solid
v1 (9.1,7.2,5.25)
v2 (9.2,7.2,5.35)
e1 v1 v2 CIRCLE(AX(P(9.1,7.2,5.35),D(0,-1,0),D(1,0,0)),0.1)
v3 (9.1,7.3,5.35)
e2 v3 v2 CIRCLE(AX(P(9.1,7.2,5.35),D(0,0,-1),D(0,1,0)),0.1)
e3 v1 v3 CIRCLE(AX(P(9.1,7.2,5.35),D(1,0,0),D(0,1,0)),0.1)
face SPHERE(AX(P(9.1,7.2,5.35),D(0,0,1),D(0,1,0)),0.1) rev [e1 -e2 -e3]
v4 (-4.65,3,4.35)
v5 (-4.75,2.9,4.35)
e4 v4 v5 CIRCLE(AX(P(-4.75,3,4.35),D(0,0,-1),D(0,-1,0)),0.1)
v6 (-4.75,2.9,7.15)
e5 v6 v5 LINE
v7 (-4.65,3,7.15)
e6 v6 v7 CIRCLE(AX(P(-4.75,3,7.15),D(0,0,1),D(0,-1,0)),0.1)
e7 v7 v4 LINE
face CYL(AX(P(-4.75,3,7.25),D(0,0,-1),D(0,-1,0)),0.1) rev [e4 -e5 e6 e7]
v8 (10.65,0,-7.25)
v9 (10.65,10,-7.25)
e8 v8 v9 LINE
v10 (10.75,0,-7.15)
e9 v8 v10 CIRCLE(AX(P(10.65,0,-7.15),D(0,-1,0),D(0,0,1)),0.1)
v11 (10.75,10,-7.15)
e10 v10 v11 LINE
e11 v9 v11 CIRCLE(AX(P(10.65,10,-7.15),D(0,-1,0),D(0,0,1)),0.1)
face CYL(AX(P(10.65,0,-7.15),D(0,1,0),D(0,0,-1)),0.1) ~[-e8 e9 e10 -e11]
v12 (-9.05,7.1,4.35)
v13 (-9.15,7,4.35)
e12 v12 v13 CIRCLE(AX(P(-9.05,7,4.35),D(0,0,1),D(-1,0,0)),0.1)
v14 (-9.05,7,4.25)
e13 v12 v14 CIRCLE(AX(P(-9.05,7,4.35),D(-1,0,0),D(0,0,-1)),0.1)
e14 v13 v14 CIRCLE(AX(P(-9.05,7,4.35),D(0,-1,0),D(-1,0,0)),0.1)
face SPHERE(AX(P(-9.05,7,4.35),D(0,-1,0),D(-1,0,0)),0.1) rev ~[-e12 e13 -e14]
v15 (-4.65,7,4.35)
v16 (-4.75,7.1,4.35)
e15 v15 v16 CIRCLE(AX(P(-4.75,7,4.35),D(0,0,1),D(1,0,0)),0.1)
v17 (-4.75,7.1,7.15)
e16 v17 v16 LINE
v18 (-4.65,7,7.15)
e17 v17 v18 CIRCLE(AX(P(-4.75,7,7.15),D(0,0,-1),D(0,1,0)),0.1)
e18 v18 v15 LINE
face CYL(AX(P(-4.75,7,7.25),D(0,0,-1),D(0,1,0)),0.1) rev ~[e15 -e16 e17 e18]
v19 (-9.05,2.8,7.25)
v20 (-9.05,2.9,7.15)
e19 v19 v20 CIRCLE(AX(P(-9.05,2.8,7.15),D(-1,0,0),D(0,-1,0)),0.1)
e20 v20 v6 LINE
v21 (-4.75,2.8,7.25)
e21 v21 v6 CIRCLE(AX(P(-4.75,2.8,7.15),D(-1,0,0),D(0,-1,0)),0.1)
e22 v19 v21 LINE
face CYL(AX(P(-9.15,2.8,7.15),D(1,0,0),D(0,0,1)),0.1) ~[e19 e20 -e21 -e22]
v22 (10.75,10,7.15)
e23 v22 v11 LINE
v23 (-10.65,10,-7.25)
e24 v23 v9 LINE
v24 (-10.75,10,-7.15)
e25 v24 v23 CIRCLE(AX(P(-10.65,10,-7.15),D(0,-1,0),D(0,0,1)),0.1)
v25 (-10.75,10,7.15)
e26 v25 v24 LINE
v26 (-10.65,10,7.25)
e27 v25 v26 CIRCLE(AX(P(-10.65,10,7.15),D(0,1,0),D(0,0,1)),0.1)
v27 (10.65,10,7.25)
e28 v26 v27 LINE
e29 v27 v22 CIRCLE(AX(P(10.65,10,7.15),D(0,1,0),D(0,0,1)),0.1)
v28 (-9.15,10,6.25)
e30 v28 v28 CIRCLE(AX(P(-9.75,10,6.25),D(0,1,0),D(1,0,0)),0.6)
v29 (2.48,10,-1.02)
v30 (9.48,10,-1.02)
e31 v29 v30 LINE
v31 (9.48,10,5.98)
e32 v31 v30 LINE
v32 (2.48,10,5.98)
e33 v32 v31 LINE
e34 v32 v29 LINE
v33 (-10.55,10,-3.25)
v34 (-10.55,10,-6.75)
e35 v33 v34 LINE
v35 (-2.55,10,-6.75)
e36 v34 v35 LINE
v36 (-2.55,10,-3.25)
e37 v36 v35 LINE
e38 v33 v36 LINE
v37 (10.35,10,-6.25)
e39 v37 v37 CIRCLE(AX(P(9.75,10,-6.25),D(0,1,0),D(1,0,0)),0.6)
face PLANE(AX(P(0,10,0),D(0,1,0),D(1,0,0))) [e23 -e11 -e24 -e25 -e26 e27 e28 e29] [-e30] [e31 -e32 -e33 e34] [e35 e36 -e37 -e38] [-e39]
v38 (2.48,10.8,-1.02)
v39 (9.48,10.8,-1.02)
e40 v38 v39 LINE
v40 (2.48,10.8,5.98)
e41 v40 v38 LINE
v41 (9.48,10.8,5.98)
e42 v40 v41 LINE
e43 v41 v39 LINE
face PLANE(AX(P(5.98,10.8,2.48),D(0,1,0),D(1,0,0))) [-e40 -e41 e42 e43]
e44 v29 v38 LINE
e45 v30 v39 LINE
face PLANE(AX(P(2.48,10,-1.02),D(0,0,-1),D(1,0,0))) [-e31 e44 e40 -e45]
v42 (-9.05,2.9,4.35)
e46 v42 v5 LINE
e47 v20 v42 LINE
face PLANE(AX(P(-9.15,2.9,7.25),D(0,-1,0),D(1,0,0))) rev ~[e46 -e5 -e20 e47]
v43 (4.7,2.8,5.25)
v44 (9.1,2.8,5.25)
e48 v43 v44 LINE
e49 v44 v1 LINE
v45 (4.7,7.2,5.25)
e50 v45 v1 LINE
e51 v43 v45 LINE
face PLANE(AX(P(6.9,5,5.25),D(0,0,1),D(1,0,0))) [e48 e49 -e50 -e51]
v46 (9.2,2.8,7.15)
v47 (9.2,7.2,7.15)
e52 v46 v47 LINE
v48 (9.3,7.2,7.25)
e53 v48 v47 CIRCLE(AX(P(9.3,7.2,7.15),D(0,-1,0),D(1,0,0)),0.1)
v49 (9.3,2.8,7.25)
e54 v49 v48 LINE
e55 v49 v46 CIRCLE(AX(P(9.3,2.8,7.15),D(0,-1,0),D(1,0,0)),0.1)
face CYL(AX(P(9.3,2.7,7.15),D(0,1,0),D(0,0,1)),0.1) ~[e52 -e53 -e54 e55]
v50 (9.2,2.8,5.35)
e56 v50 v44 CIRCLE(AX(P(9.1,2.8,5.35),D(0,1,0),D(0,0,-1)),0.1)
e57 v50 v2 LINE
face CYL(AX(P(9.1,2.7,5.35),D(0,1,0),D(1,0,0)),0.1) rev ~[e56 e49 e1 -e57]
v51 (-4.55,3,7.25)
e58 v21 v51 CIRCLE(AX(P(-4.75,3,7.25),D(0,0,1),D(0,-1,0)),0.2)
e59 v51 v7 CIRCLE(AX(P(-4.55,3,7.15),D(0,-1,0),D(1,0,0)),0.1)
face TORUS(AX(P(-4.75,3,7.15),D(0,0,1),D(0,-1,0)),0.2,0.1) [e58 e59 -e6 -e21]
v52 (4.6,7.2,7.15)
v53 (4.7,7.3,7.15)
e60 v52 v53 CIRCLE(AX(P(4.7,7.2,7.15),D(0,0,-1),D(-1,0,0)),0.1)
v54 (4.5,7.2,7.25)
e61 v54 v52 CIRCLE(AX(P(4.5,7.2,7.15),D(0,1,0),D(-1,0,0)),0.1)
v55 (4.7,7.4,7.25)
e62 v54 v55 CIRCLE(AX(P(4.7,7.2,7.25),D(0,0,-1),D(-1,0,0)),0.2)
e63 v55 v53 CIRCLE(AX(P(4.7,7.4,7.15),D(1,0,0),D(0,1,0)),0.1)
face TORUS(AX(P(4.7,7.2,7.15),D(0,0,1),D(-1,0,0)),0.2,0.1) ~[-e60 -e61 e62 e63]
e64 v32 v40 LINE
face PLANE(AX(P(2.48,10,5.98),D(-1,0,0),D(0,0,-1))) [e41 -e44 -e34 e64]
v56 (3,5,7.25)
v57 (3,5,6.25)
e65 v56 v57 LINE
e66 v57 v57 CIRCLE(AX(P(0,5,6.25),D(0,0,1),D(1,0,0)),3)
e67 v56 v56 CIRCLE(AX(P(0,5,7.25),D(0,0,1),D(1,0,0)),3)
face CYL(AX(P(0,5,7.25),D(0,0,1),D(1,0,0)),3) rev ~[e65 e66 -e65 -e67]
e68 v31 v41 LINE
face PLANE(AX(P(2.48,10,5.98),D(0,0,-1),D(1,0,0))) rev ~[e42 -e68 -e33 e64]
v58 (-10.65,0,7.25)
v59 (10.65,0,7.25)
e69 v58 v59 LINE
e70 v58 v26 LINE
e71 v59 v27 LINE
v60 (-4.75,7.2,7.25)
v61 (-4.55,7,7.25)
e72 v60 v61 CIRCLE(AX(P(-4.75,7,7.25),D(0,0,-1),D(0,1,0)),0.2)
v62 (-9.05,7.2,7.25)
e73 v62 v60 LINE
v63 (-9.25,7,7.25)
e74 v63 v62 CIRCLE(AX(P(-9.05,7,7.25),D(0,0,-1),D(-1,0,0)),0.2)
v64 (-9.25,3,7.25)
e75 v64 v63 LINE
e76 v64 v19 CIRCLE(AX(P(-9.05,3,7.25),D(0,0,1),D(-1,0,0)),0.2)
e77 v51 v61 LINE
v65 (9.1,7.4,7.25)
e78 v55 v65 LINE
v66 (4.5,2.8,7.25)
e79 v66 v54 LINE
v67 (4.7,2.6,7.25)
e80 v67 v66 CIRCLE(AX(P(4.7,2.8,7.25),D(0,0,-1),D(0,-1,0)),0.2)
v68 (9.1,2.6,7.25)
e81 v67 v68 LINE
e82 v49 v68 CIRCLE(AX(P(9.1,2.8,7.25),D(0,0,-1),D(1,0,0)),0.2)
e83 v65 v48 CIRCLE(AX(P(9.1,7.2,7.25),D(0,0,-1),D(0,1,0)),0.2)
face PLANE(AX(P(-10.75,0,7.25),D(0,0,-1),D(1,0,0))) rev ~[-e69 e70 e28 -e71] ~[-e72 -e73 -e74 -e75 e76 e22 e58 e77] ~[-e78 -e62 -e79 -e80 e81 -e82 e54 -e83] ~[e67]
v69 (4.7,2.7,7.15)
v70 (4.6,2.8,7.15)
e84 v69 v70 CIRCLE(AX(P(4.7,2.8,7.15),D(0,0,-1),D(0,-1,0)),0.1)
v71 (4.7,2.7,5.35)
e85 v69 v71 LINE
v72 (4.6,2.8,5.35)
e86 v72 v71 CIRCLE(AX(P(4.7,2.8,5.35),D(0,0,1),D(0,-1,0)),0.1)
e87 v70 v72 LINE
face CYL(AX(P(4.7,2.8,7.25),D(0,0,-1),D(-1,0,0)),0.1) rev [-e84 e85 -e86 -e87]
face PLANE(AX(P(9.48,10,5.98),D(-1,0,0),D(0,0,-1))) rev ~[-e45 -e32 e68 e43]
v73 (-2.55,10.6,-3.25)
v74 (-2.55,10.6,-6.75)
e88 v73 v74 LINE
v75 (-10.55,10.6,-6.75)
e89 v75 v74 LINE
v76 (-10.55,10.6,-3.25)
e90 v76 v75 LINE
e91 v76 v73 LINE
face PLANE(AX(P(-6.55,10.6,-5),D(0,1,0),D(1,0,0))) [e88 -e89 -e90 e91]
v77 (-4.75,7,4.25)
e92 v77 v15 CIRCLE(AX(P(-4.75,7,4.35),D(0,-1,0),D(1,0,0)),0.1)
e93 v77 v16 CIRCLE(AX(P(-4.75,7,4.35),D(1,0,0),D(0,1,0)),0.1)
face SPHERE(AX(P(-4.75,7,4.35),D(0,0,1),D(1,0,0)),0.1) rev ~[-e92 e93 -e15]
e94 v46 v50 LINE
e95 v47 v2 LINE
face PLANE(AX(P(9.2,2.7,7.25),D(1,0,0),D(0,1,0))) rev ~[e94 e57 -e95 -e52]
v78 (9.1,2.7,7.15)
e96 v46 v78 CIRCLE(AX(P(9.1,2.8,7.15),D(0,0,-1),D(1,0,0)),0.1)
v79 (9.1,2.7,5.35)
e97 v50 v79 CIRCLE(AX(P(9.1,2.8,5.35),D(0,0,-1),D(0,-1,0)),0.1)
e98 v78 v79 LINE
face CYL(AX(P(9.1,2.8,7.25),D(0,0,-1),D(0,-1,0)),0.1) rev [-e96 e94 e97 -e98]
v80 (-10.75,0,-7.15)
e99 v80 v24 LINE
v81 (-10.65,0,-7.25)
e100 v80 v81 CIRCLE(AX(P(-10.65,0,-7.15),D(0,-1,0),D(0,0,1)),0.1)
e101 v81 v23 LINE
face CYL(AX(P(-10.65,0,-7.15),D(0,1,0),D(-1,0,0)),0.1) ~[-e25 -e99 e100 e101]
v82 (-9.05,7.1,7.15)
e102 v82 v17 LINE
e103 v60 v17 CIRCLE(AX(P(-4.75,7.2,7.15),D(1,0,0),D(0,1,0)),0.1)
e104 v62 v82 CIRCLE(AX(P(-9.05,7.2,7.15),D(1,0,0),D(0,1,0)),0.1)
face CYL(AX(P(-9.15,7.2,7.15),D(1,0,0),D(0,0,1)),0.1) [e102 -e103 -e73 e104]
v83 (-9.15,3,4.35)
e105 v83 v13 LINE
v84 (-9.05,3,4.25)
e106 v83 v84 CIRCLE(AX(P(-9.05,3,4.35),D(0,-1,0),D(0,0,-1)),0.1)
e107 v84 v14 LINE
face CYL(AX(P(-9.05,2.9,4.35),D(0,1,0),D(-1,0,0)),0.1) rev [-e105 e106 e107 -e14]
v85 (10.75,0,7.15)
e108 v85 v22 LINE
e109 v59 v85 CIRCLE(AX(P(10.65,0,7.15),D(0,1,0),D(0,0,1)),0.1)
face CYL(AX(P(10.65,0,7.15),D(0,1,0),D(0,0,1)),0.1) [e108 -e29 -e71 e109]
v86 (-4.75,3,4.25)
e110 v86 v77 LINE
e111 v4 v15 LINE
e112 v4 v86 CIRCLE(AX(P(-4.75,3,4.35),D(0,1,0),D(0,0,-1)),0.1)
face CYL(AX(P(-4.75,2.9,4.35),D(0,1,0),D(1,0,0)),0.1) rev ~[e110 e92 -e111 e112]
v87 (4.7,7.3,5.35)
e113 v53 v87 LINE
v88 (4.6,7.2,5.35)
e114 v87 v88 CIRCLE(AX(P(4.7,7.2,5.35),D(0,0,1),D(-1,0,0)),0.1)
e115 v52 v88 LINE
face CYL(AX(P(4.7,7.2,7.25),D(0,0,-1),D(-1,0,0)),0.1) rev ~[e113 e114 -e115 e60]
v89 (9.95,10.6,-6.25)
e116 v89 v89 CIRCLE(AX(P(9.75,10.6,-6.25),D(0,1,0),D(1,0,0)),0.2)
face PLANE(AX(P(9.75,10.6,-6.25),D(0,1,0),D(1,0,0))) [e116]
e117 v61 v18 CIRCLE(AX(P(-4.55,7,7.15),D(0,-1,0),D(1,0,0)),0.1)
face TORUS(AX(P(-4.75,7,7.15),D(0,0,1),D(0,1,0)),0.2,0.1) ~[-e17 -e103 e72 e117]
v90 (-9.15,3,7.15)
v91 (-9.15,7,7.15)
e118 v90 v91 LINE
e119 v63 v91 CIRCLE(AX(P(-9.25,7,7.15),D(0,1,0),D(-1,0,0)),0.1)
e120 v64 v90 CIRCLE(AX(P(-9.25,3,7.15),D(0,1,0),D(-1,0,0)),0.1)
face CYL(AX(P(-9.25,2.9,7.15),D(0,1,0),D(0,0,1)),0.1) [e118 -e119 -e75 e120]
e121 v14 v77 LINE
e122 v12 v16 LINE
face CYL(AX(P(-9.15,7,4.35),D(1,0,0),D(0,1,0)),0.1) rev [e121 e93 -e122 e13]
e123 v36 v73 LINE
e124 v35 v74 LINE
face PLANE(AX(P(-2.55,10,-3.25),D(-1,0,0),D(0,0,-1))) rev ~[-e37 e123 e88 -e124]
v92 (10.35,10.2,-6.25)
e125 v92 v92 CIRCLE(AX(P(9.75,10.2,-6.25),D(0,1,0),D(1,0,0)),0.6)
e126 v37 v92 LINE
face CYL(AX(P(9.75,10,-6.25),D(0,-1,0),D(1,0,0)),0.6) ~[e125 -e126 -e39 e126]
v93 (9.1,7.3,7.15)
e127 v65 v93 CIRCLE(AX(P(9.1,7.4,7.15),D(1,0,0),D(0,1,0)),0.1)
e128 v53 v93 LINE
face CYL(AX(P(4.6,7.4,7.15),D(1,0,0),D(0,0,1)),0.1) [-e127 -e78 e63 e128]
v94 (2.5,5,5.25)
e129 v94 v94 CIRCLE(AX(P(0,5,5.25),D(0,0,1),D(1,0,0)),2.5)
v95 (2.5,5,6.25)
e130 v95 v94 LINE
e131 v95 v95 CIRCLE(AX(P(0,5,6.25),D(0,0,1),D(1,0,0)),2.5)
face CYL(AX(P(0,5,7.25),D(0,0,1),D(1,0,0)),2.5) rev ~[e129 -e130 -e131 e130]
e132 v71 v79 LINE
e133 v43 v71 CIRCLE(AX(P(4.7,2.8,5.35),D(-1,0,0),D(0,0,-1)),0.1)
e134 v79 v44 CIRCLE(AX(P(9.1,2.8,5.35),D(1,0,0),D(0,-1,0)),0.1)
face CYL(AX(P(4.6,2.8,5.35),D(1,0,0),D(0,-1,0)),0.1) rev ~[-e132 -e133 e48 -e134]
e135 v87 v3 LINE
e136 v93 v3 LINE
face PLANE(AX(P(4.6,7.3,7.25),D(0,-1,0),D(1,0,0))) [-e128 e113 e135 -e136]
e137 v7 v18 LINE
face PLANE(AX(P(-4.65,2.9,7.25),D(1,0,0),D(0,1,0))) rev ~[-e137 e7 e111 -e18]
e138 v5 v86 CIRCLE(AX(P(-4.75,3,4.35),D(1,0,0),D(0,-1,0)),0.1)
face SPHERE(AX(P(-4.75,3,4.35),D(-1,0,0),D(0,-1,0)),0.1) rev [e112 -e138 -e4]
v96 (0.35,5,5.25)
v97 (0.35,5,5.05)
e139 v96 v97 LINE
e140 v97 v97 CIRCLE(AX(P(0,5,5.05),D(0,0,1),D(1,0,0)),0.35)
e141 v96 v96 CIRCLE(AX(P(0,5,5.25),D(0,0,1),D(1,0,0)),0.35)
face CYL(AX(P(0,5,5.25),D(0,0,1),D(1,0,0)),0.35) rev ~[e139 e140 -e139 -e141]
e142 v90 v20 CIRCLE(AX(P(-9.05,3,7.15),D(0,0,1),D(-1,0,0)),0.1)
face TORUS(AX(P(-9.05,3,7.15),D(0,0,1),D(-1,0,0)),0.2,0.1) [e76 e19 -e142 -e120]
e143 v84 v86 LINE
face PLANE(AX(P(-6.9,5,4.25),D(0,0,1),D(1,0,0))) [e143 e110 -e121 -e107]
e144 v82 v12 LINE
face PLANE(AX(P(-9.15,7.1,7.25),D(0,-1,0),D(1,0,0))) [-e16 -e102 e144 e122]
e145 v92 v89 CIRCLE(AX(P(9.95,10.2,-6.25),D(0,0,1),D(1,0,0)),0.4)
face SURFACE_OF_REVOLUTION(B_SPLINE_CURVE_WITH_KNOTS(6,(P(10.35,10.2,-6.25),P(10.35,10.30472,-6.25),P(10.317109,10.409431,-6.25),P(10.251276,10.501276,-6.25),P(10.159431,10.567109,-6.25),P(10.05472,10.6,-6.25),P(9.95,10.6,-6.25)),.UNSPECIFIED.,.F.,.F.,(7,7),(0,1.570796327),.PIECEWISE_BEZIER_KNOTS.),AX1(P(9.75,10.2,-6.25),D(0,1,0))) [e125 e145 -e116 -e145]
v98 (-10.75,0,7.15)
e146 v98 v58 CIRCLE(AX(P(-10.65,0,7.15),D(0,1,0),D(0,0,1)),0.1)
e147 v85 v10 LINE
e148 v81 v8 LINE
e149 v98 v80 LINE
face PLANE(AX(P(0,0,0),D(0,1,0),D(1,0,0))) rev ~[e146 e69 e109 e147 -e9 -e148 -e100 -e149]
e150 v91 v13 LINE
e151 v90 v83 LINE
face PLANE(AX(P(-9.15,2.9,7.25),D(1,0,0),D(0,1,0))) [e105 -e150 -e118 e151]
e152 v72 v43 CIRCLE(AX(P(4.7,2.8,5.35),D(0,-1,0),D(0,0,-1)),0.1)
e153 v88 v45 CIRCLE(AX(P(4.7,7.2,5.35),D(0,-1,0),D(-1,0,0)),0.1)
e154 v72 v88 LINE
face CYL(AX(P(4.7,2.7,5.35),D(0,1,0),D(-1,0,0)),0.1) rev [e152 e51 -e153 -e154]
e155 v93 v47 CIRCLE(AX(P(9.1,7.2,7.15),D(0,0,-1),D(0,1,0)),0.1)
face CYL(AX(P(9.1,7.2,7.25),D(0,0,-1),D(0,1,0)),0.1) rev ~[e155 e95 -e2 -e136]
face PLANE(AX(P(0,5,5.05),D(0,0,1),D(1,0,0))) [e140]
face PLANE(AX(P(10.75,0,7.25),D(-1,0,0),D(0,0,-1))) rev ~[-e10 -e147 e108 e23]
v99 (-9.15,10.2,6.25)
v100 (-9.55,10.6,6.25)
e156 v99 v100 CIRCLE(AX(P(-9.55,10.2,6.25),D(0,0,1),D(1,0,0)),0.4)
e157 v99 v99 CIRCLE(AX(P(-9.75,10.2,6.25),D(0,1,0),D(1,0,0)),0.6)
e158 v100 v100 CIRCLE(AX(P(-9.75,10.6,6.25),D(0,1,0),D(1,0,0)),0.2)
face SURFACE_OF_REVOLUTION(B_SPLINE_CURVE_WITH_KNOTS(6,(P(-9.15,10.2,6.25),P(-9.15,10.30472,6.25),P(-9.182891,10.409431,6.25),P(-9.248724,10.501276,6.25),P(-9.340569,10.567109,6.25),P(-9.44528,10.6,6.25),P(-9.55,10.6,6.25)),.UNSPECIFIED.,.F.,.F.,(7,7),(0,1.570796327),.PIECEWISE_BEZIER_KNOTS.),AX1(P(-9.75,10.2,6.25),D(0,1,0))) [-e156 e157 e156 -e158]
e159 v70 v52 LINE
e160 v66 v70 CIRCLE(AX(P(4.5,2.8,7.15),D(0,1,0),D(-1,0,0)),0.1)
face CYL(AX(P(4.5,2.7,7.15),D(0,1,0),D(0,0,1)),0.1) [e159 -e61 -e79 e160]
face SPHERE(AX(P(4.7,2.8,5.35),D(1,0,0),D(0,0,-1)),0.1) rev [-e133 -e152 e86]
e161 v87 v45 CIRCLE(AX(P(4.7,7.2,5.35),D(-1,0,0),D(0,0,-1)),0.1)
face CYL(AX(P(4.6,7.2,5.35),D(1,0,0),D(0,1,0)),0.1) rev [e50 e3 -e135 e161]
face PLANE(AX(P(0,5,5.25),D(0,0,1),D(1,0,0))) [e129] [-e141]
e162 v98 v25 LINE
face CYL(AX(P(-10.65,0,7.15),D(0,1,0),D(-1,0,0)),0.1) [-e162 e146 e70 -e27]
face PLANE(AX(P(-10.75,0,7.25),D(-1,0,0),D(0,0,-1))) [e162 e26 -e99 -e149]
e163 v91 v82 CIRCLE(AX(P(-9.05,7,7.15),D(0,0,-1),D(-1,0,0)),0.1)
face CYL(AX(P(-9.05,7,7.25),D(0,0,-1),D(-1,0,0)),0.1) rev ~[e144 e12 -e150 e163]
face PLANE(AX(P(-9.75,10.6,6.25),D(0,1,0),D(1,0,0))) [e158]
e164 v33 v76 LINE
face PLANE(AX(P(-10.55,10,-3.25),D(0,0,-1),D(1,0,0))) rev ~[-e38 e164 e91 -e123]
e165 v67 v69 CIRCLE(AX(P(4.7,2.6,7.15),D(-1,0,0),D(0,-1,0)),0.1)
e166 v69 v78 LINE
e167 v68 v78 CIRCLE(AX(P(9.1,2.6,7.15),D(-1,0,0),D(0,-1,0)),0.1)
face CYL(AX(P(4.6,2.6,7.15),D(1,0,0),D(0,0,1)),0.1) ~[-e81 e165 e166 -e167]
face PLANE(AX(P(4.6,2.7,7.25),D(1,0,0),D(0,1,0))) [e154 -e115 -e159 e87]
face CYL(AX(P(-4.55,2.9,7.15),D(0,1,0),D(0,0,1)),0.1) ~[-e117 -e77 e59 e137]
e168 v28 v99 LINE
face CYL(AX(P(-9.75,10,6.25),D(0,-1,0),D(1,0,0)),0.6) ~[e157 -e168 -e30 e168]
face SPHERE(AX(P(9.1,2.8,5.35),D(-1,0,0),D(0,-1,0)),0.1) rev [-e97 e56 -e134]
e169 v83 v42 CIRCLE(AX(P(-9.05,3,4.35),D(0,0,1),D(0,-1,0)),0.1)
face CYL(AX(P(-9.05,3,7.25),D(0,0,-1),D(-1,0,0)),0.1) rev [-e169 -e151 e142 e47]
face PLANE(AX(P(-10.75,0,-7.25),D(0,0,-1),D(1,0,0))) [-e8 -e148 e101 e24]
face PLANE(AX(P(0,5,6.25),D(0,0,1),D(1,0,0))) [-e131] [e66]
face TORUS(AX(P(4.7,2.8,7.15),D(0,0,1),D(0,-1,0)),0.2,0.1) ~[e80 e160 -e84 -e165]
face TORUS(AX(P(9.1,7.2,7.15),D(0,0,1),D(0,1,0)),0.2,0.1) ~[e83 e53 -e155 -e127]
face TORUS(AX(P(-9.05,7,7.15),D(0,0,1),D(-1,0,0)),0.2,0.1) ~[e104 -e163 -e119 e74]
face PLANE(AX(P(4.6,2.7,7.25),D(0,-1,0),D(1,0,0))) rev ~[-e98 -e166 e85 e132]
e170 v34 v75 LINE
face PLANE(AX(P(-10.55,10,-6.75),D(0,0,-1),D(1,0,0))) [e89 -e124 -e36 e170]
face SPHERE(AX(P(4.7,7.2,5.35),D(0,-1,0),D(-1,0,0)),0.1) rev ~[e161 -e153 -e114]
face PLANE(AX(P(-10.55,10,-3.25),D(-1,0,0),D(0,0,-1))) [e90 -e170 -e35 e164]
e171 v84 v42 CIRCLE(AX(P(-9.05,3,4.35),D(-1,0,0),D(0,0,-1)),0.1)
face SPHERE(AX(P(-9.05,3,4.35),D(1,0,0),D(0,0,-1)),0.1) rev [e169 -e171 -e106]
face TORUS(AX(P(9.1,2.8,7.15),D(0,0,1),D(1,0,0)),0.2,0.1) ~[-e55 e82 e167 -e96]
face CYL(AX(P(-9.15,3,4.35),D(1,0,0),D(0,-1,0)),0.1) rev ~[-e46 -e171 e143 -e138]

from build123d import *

# Parameters (mm, degrees)
SKETCH_1_W          = 21.5
SKETCH_1_H          = 14.5
EXTRUDE_1_DEPTH     = 10
SKETCH_2_W          = 4.5
SKETCH_2_H          = 4.2
CUT_EXTRUDE_1_DEPTH = 3
SKETCH_2_3_R        = 2.5
SKETCH_2_3_W        = 4.6
SKETCH_2_3_H        = 4.6
CUT_EXTRUDE_2_DEPTH = 2
SKETCH_2_4_R        = 3
SKETCH_2_4_R_2      = 2.5
CUT_EXTRUDE_3_DEPTH = 1
SKETCH_3_W          = 7
SKETCH_3_H          = 7
EXTRUDE_2_DEPTH     = 0.8
SKETCH_4_R          = 0.6
SKETCH_4_W          = 8
SKETCH_4_H          = 3.5
EXTRUDE_3_DEPTH     = 0.6
FILLET_1_R          = 0.4
SKETCH_5_R          = 0.35
CUT_EXTRUDE_4_DEPTH = 0.2
FILLET_2_R          = 0.1


with BuildPart() as part:
    # 草图1 → 凸台-拉伸1 (new body)
    with BuildSketch(Plane(origin=(0, 0, 0), x_dir=(1, 0, 0), z_dir=(0, 1, 0))):
        Rectangle(SKETCH_1_W, SKETCH_1_H)
    extrude(amount=EXTRUDE_1_DEPTH)

    # 草图2 → 切除-拉伸1 (cut)
    with BuildSketch(Plane.XY.offset(7.25)):
        with Locations((-6.9, 5)):
            Rectangle(SKETCH_2_W, SKETCH_2_H)
    extrude(amount=-CUT_EXTRUDE_1_DEPTH, mode=Mode.SUBTRACT)

    # 草图2<3> → 切除-拉伸2 (cut)
    with BuildSketch(Plane.XY.offset(7.25)):
        with Locations((0, 5)):
            Circle(SKETCH_2_3_R)
        with Locations((6.9, 5)):
            Rectangle(SKETCH_2_3_W, SKETCH_2_3_H)
    extrude(amount=-CUT_EXTRUDE_2_DEPTH, mode=Mode.SUBTRACT)

    # 草图2<4> → 切除-拉伸3 (cut)
    with BuildSketch(Plane.XY.offset(7.25)):
        with Locations((0, 5)):
            Circle(SKETCH_2_4_R)
        with Locations((0, 5)):
            Circle(SKETCH_2_4_R_2, mode=Mode.SUBTRACT)
    extrude(amount=-CUT_EXTRUDE_3_DEPTH, mode=Mode.SUBTRACT)

    # 草图3 → 凸台-拉伸2 (add)
    with BuildSketch(Plane(origin=(0, 10, 0), x_dir=(1, 0, 0), z_dir=(0, 1, 0))):
        with Locations((5.98, -2.48)):
            Rectangle(SKETCH_3_W, SKETCH_3_H)
    extrude(amount=EXTRUDE_2_DEPTH)

    # 草图4 → 凸台-拉伸3 (add)
    with BuildSketch(Plane(origin=(0, 10, 0), x_dir=(1, 0, 0), z_dir=(0, 1, 0))):
        with Locations((-9.75, -6.25)):
            Circle(SKETCH_4_R)
        with Locations((9.75, 6.25)):
            Circle(SKETCH_4_R)
        with Locations((-6.55, 5)):
            Rectangle(SKETCH_4_W, SKETCH_4_H)
    extrude(amount=EXTRUDE_3_DEPTH)

    # 圆角1
    fillet_1_edges = [part.edges().sort_by_distance(p)[0] for p in [
        (-10.35, 10.6, 6.25),
        (9.15, 10.6, -6.25),
    ]]
    fillet(fillet_1_edges, radius=FILLET_1_R)

    # 草图5 → 切除-拉伸4 (cut)
    with BuildSketch(Plane.XY.offset(5.25)):
        with Locations((0, 5)):
            Circle(SKETCH_5_R)
    extrude(amount=-CUT_EXTRUDE_4_DEPTH, mode=Mode.SUBTRACT)

    # 圆角2
    fillet_2_edges = [part.edges().sort_by_distance(p)[0] for p in [
        (-4.65, 5, 7.25),
        (-4.65, 7.1, 5.75),
        (-6.9, 2.9, 4.25),
        (-4.65, 2.9, 5.75),
        (-9.15, 5, 4.25),
        (-9.15, 2.9, 5.75),
        (-6.9, 7.1, 7.25),
        (-9.15, 7.1, 5.75),
        (-4.65, 5, 4.25),
        (-6.9, 7.1, 4.25),
        (-9.15, 5, 7.25),
        (-6.9, 2.9, 7.25),
        (6.9, 2.7, 5.25),
        (9.2, 2.7, 6.25),
        (4.6, 5, 5.25),
        (4.6, 2.7, 6.25),
        (6.9, 7.3, 7.25),
        (4.6, 7.3, 6.25),
        (9.2, 5, 7.25),
        (9.2, 7.3, 6.25),
        (6.9, 7.3, 5.25),
        (9.2, 5, 5.25),
        (6.9, 2.7, 7.25),
        (4.6, 5, 7.25),
        (-10.75, 5, -7.25),
        (10.75, 5, -7.25),
        (10.75, 5, 7.25),
        (-10.75, 5, 7.25),
    ]]
    fillet(fillet_2_edges, radius=FILLET_2_R)


solid = part.part
